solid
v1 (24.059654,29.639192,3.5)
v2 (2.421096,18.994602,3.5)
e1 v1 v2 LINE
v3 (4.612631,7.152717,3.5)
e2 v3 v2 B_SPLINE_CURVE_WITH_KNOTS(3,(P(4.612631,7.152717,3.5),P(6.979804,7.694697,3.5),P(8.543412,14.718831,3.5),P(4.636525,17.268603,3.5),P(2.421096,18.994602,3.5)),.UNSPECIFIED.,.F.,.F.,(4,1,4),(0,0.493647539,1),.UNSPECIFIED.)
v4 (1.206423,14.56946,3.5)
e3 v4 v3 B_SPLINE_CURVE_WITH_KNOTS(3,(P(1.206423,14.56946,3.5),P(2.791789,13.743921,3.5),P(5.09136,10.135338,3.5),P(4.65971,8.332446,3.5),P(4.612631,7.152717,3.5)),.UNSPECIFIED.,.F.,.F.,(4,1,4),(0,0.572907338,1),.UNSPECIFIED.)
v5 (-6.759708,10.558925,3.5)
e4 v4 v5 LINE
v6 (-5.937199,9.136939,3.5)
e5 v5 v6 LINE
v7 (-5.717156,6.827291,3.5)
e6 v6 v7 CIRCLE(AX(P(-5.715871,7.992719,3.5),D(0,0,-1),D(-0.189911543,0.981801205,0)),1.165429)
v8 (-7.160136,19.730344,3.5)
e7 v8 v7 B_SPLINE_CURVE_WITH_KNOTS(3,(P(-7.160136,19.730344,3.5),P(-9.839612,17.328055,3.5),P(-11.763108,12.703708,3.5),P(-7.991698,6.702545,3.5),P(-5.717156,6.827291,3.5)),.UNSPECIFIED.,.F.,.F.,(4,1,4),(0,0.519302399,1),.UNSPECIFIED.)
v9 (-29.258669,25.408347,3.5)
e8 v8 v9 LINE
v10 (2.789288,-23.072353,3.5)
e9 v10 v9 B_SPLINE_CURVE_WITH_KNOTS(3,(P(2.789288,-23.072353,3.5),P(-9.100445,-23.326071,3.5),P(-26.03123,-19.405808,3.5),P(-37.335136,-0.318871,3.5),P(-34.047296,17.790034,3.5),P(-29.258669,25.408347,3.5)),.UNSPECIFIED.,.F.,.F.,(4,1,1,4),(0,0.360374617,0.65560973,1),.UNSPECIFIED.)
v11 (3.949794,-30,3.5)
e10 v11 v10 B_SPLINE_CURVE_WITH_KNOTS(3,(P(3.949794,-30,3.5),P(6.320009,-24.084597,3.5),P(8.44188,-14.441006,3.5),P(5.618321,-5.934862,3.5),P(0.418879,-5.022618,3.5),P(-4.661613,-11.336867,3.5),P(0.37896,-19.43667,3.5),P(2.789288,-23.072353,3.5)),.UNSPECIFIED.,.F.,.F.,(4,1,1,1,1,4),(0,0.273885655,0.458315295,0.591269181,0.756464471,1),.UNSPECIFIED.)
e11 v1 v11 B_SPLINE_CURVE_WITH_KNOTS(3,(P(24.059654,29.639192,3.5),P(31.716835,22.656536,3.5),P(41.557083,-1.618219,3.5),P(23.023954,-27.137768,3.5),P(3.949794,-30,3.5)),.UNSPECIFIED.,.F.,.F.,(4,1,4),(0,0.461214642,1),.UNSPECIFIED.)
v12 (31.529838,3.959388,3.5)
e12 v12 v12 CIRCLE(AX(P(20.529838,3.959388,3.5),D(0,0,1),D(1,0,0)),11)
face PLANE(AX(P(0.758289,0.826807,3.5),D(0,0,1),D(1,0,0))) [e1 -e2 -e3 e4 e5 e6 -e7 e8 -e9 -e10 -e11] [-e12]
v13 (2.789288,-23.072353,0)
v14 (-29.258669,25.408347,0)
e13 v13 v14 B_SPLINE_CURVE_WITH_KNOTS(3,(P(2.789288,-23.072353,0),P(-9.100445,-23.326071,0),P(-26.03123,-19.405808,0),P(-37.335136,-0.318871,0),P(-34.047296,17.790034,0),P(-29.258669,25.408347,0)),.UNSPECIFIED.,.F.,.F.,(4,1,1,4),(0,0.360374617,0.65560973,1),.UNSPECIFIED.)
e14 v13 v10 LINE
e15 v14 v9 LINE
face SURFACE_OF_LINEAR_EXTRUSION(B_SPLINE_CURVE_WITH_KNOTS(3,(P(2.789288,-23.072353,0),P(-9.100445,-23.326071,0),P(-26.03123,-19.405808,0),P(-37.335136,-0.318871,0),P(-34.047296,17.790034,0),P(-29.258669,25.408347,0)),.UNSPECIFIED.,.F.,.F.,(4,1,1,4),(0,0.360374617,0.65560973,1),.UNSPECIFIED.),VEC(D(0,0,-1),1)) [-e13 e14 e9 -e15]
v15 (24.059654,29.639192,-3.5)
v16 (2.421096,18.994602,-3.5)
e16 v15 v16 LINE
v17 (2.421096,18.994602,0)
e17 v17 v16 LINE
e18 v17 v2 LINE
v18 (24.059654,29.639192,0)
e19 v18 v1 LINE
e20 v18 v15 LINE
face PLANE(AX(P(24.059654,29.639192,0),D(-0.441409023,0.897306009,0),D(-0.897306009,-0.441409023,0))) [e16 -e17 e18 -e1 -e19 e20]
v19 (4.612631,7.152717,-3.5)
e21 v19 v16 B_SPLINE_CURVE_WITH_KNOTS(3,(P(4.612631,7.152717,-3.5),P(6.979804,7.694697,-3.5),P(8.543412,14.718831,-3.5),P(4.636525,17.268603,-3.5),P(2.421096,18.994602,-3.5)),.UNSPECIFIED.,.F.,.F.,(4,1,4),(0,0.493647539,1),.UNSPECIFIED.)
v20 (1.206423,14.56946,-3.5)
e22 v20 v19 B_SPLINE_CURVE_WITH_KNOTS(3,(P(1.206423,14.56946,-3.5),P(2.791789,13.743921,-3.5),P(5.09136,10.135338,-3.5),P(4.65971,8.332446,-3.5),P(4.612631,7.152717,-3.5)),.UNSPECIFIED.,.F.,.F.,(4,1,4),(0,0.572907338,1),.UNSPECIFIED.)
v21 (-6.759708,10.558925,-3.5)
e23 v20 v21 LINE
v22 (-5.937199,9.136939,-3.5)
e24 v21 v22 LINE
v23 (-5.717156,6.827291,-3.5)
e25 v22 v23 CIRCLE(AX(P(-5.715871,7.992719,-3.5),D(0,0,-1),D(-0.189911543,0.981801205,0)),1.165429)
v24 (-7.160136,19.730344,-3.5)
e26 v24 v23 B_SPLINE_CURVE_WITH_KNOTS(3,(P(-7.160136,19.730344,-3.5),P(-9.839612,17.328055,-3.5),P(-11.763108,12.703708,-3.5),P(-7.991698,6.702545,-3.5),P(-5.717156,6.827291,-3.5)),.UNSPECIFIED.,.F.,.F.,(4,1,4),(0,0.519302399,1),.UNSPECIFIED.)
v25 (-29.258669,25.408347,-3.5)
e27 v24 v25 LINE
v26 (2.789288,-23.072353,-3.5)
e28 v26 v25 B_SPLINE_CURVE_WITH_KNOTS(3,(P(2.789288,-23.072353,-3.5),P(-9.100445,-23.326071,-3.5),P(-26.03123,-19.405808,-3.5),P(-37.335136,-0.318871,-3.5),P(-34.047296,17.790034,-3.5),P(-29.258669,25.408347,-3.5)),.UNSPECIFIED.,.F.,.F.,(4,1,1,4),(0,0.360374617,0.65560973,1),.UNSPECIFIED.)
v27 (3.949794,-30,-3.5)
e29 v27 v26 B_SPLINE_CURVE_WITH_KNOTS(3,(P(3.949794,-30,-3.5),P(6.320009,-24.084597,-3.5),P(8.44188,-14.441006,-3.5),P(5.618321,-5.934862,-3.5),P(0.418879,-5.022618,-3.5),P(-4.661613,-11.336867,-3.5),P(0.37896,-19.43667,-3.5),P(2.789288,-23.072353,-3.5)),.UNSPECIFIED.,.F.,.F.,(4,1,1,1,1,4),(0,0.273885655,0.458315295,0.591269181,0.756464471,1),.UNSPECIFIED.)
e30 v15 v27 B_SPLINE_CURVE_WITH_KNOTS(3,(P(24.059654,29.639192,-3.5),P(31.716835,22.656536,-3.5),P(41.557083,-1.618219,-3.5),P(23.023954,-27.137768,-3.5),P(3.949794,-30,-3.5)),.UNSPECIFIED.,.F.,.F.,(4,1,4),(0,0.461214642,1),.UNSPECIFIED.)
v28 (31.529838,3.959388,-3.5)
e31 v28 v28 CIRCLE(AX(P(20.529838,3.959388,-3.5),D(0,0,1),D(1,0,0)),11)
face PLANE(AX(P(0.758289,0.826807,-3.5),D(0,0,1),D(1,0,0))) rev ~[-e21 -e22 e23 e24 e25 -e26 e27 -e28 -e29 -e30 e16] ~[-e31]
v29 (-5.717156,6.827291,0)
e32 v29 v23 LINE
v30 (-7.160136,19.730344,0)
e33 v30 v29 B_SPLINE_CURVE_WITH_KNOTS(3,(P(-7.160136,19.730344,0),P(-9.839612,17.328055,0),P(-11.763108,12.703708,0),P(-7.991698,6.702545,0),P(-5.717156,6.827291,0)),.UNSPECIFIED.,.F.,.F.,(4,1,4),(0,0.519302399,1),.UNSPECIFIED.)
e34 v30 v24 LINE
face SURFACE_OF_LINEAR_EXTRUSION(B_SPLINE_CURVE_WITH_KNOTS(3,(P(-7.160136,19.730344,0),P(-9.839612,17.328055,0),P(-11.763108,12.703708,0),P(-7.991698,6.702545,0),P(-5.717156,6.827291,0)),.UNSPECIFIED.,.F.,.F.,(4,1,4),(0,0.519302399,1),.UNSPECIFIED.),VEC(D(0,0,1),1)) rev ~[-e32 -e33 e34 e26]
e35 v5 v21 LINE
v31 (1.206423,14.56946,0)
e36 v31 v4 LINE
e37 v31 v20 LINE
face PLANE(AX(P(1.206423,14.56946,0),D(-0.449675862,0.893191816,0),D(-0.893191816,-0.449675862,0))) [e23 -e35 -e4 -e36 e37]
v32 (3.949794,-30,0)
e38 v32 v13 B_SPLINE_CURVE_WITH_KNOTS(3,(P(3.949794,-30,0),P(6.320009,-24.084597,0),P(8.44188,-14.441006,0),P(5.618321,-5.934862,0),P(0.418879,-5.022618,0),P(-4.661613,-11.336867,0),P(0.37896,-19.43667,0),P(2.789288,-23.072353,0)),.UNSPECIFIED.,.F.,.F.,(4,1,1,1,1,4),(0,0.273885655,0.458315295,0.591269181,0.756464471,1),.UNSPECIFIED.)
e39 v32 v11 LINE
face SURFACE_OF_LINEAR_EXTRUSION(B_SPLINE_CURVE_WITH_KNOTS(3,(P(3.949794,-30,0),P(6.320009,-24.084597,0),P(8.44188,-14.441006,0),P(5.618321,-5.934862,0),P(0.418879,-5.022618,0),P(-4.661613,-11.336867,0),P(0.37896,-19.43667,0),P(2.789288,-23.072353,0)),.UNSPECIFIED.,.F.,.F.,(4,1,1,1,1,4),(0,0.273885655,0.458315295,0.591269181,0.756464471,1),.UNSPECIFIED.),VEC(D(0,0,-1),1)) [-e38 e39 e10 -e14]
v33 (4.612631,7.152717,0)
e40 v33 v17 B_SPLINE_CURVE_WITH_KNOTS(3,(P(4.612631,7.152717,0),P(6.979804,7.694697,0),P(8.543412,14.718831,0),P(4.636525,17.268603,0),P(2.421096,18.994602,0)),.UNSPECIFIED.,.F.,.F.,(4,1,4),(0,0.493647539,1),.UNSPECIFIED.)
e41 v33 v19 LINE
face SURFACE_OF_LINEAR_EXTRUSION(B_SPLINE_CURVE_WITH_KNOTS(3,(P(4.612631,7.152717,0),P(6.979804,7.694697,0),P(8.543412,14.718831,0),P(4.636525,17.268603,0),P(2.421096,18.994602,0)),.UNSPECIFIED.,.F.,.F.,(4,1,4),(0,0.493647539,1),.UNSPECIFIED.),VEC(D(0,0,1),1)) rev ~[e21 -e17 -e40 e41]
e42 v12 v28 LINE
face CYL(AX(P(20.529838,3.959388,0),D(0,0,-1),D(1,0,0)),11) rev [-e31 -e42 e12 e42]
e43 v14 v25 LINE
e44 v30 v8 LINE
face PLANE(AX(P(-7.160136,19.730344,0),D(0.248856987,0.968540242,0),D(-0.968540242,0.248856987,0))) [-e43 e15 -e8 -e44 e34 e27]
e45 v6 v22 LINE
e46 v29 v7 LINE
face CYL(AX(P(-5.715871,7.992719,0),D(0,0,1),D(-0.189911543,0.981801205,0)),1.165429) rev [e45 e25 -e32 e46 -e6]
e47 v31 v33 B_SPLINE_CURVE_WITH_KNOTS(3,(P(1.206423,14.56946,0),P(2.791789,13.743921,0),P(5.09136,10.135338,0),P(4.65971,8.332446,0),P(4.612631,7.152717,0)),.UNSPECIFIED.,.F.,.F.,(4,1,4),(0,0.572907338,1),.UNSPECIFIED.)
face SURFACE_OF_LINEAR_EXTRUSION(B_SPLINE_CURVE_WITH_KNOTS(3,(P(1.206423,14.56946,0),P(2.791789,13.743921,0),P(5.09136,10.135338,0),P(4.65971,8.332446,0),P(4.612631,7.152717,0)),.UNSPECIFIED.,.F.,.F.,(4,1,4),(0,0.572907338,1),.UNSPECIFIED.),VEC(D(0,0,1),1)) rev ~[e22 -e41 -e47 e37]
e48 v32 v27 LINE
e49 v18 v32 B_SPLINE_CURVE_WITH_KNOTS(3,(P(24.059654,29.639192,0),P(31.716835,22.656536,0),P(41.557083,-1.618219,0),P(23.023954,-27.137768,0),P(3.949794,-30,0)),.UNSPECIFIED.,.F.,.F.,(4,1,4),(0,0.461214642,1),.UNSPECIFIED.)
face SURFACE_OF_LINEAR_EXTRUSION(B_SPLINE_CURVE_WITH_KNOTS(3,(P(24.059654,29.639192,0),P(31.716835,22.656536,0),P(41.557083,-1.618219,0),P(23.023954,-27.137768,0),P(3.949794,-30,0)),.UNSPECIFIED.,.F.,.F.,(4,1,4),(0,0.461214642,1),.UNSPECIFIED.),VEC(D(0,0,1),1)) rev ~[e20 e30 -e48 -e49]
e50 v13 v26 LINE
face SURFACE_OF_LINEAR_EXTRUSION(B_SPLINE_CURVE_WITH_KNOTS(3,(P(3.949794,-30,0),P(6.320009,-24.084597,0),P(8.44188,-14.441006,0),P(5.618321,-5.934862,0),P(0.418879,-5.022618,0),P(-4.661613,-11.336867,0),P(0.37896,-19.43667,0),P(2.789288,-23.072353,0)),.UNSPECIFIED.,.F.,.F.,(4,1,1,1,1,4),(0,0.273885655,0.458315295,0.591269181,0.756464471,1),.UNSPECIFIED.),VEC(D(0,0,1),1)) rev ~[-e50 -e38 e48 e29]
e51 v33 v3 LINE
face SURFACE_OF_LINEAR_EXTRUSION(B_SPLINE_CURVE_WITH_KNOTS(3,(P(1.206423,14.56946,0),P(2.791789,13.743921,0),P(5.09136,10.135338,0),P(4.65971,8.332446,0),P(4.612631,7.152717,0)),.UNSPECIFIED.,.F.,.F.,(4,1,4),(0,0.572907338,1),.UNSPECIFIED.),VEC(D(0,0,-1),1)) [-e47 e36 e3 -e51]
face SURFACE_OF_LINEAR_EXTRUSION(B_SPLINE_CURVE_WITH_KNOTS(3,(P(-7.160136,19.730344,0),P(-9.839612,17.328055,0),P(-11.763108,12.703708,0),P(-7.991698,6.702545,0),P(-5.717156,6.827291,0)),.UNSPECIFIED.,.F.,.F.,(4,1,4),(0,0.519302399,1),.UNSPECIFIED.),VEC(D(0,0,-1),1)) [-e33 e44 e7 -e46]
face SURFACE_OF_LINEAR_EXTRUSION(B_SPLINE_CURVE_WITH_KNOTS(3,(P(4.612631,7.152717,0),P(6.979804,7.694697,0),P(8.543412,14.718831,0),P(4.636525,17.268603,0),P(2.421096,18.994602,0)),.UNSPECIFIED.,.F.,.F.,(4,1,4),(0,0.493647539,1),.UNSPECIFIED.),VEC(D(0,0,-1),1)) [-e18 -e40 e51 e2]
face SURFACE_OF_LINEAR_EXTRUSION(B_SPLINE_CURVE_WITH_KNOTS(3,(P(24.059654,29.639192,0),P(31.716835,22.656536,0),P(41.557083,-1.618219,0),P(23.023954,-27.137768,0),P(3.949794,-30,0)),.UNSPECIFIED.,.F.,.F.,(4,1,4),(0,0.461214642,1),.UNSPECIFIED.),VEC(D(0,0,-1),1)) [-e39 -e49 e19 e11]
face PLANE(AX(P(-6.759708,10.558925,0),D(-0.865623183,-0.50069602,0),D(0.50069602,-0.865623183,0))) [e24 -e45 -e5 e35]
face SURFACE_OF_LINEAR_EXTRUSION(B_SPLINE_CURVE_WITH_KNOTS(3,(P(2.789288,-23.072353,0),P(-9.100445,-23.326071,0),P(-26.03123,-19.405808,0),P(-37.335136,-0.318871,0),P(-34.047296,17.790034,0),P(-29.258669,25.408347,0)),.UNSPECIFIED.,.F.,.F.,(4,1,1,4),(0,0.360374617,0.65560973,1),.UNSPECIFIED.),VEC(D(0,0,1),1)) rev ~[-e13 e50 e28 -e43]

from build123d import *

# Parameters (mm, degrees)
F0_R     = 11
F1_DEPTH = 3.5


with BuildPart() as f1:
    # F0 (on Top) → F1 (new body, symmetric)
    with BuildSketch(Plane.XY):
        with BuildLine():
            ThreePointArc((-5.9371989536, 9.136938762), (-4.5556948826, 8.1032503328), (-5.7171564072, 6.8272909316))
            add(Edge.make_bspline(
                [(-7.1601356012, 19.7303443127), (-9.8396121009, 17.328055376), (-11.7631082296, 12.7037080844), (-7.991697676, 6.7025448219), (-5.7171564072, 6.8272909316)],
                knots=[0, 0, 0, 0, 0.5193023993, 1, 1, 1, 1], degree=3))
            Line((-7.1601356012, 19.7303443127), (-29.2586693251, 25.4083474436))
            add(Edge.make_bspline(
                [(2.7892878075, -23.0723533458), (-9.100445471, -23.3260705726), (-26.0312299774, -19.4058078659), (-37.3351362806, -0.3188714111), (-34.0472960433, 17.7900344429), (-29.2586693251, 25.4083474436)],
                knots=[0, 0, 0, 0, 0.3603746174, 0.6556097302, 1, 1, 1, 1], degree=3))
            add(Edge.make_bspline(
                [(3.9497939315, -30), (6.3200092463, -24.0845974018), (8.4418802977, -14.4410055096), (5.618321076, -5.9348622155), (0.4188786459, -5.0226176358), (-4.661613499, -11.3368669415), (0.3789602011, -19.4366700265), (2.7892878075, -23.0723533458)],
                knots=[0, 0, 0, 0, 0.2738856545, 0.4583152945, 0.591269181, 0.7564644707, 1, 1, 1, 1], degree=3))
            add(Edge.make_bspline(
                [(24.0596541754, 29.6391923389), (31.7168351337, 22.656535609), (41.5570833778, -1.6182185805), (23.0239544155, -27.1377676606), (3.9497939315, -30)],
                knots=[0, 0, 0, 0, 0.4612146425, 1, 1, 1, 1], degree=3))
            Line((24.0596541754, 29.6391923389), (2.4210962566, 18.9946021933))
            add(Edge.make_bspline(
                [(4.6126311388, 7.1527171592), (6.9798036393, 7.6946970927), (8.5434124721, 14.7188307272), (4.6365245457, 17.2686031477), (2.4210962566, 18.9946021933)],
                knots=[0, 0, 0, 0, 0.4936475393, 1, 1, 1, 1], degree=3))
            add(Edge.make_bspline(
                [(1.2064232823, 14.5694600899), (2.7917893894, 13.7439214682), (5.0913604942, 10.1353380455), (4.6597097129, 8.3324459978), (4.6126311388, 7.1527171592)],
                knots=[0, 0, 0, 0, 0.5729073376, 1, 1, 1, 1], degree=3))
            Line((1.2064232823, 14.5694600899), (-6.7597080421, 10.5589251693))
            Line((-6.7597080421, 10.5589251693), (-5.9371989536, 9.136938762))
        make_face()
        with Locations((20.5298382789, 3.9593884721)):
            Circle(F0_R, mode=Mode.SUBTRACT)
    extrude(amount=F1_DEPTH, both=True)


solid = f1.part
